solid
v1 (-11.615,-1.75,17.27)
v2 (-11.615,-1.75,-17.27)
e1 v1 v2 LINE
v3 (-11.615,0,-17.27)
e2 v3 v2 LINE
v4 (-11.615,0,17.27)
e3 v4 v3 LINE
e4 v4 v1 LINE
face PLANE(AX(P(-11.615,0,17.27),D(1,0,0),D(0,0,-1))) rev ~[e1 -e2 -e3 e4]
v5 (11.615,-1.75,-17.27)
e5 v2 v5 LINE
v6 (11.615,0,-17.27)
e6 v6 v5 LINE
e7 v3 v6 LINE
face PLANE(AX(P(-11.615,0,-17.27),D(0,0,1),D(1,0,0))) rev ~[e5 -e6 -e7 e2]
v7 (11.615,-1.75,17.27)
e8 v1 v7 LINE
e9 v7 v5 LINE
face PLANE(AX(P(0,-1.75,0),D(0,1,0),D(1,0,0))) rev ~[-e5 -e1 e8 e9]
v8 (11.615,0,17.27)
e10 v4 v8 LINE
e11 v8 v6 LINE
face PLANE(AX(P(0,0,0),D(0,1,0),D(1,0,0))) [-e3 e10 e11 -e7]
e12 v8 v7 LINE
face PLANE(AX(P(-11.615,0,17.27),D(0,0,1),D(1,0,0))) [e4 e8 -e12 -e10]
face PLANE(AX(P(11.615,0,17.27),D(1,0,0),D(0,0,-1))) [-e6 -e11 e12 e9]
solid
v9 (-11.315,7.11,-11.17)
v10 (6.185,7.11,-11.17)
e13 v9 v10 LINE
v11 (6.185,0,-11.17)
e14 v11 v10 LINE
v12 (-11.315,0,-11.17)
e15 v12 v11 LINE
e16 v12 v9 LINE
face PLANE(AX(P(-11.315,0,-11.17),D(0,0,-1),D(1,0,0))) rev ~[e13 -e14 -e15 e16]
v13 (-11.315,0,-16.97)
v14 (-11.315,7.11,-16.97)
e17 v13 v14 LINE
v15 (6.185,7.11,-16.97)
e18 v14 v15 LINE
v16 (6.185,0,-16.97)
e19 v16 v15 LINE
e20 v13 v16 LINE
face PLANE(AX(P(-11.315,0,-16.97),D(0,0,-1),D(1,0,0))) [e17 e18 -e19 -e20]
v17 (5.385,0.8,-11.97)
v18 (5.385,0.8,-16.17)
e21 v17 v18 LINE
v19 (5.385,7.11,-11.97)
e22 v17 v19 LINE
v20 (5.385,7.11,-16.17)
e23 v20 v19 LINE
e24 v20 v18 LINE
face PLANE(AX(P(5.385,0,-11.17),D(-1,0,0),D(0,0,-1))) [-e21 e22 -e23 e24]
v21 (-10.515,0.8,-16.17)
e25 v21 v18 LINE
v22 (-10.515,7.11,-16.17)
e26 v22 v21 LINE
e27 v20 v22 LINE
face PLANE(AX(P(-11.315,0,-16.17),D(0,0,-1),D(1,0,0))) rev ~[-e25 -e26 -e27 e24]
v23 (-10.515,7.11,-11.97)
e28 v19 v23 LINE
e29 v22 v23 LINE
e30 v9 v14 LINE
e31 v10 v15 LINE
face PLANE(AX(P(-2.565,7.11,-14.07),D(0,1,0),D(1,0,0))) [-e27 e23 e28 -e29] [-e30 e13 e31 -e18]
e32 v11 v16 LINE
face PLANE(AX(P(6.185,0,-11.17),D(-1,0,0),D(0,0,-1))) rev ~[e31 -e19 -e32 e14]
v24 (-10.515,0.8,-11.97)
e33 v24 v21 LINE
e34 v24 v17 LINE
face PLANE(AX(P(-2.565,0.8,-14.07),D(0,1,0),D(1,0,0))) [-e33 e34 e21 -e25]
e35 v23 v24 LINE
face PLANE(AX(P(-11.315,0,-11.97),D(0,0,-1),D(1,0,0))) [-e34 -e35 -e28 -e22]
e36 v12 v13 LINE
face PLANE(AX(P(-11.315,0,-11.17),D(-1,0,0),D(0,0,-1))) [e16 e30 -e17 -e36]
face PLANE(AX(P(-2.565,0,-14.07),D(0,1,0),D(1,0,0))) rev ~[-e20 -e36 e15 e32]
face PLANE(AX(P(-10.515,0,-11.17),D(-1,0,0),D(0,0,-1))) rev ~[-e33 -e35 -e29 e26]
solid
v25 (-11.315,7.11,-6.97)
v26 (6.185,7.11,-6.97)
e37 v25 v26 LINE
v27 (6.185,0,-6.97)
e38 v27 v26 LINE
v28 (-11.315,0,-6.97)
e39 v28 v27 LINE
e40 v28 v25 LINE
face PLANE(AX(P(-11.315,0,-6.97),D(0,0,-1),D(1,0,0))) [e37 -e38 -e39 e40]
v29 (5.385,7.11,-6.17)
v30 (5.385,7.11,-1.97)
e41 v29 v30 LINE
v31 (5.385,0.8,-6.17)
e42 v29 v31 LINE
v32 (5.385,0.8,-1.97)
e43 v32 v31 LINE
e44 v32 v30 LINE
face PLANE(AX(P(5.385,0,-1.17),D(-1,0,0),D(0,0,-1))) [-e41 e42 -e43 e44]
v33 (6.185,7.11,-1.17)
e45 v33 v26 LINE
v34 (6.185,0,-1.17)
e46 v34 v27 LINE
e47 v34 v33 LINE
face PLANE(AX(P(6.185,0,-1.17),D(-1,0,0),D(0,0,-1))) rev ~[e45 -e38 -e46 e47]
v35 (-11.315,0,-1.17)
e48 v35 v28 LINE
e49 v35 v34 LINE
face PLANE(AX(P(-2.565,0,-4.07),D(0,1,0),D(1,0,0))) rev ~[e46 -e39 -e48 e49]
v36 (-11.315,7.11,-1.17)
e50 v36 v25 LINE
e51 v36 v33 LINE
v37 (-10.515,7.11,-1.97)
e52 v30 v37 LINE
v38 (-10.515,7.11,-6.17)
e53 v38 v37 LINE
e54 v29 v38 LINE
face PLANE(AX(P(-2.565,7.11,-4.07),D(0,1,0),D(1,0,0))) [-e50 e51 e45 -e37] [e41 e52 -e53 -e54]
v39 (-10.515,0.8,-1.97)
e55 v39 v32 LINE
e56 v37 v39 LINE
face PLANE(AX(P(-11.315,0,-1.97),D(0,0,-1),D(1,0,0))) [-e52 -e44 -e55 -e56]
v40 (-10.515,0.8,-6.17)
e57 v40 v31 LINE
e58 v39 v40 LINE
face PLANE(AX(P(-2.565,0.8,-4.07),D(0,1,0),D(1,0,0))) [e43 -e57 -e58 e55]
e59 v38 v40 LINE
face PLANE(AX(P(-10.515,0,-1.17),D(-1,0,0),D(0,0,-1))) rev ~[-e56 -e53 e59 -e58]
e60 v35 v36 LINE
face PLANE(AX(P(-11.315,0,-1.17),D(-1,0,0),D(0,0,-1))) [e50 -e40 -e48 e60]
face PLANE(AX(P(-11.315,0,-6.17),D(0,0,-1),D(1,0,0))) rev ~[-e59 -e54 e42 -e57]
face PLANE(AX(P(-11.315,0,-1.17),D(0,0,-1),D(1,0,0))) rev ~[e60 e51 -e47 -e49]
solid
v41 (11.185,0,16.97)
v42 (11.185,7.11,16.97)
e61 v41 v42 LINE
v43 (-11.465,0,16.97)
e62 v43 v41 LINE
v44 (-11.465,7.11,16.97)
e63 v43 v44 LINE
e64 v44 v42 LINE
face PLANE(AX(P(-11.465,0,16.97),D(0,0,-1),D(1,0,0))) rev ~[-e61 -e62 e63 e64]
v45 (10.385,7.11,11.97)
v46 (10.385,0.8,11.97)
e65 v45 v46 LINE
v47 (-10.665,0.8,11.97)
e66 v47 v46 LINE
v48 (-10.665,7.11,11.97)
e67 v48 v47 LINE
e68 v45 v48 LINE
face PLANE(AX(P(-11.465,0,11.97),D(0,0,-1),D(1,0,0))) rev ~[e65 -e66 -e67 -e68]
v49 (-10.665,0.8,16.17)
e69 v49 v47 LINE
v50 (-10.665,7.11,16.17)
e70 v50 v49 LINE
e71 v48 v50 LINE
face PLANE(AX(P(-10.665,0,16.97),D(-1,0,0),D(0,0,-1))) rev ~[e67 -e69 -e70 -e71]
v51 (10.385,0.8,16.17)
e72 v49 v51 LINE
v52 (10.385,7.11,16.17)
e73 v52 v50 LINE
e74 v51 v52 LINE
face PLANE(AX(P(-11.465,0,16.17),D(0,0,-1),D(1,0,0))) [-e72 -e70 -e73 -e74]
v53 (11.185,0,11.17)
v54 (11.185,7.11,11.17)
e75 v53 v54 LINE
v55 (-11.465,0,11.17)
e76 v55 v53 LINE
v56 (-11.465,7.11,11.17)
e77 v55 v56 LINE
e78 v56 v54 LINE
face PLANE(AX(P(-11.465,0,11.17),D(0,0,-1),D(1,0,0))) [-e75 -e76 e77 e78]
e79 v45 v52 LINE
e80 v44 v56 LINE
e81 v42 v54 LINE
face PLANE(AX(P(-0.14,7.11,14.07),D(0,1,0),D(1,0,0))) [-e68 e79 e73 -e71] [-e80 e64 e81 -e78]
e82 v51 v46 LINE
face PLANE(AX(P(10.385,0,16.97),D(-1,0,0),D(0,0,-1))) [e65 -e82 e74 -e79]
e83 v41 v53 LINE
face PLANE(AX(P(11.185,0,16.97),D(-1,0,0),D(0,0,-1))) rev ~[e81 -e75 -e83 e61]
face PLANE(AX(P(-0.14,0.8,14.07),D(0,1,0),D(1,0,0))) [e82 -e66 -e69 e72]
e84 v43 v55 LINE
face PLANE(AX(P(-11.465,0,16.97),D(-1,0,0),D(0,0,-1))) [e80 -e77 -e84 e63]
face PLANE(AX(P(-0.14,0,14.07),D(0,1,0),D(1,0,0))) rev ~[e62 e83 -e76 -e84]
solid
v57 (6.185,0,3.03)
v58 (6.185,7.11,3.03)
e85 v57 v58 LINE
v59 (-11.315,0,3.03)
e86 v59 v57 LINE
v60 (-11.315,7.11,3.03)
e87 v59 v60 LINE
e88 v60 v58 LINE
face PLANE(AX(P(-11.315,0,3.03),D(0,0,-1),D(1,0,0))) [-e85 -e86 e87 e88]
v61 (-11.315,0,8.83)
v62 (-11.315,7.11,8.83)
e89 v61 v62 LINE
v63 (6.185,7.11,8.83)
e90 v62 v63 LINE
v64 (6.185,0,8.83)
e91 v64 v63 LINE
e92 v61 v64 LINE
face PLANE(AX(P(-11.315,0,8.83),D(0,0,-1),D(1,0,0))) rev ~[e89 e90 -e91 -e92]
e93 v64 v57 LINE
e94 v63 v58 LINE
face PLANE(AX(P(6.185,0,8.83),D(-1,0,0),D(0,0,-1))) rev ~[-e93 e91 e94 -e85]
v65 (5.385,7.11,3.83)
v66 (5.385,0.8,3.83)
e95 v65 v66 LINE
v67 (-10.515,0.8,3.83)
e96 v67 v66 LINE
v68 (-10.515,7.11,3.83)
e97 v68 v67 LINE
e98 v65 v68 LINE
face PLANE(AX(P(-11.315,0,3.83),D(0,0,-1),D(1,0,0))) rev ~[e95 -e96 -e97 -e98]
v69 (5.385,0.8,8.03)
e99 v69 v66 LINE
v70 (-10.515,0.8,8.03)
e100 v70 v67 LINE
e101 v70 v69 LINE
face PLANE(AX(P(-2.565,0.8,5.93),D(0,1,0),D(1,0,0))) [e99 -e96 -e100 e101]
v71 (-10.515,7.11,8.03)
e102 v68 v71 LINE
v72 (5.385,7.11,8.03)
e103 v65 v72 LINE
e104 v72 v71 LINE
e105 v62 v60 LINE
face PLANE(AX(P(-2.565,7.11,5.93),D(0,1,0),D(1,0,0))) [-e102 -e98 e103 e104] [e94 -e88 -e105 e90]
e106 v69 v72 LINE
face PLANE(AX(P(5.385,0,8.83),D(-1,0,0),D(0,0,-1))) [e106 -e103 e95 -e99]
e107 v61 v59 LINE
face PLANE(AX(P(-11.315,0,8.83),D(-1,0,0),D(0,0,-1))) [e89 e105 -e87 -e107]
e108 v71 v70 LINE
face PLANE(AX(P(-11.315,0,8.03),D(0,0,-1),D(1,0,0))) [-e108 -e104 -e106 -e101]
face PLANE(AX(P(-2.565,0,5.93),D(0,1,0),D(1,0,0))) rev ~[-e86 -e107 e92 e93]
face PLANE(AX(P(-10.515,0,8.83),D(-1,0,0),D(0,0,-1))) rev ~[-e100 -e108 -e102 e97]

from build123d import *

# Parameters (mm, degrees)
SKETCH2_W           = 23.23
SKETCH2_H           = 34.54
BOSS_EXTRUDE1_DEPTH = 1.75
SKETCH3_W           = 17.5
SKETCH3_H           = 5.8
BOSS_EXTRUDE2_DEPTH = 7.11
SHELL2_T            = -0.8
LPATTERN1_COUNT     = 3
LPATTERN1_PITCH     = 10
SKETCH4_W           = 22.65
SKETCH4_H           = 5.8
BOSS_EXTRUDE3_DEPTH = 7.11
SHELL3_T            = -0.8
SHELL4_T            = -0.8
SHELL5_T            = -0.8


with BuildPart() as part:
    # Sketch2 → Boss-Extrude1 (new body)
    with BuildSketch(Plane(origin=(0, 0, 0), x_dir=(1, 0, 0), z_dir=(0, 1, 0))):
        Rectangle(SKETCH2_W, SKETCH2_H)
    extrude(amount=-BOSS_EXTRUDE1_DEPTH)


with BuildPart() as body_2:
    # Sketch3 → Boss-Extrude2 (new body)
    with BuildSketch(Plane(origin=(0, 0, 0), x_dir=(1, 0, 0), z_dir=(0, 1, 0))):
        with Locations((-2.565, 14.07)):
            Rectangle(SKETCH3_W, SKETCH3_H)
    boss_extrude2 = extrude(amount=BOSS_EXTRUDE2_DEPTH)

    # Shell2
    shell2_openings = [body_2.faces().sort_by_distance(p)[0] for p in [
        (-2.565, 7.11, -14.07),
    ]]
    offset(amount=SHELL2_T, openings=shell2_openings, kind=Kind.INTERSECTION)


with BuildPart() as lpattern1_1:
    # LPattern1: pattern copy
    add(boss_extrude2.moved(Location(Vector(0, 0, 1) * (1 * LPATTERN1_PITCH))))

    # Shell3
    shell3_openings = [lpattern1_1.faces().sort_by_distance(p)[0] for p in [
        (-2.565, 7.11, -4.07),
    ]]
    offset(amount=SHELL3_T, openings=shell3_openings, kind=Kind.INTERSECTION)


with BuildPart() as lpattern1_2:
    # LPattern1: pattern copy
    add(boss_extrude2.moved(Location(Vector(0, 0, 1) * (2 * LPATTERN1_PITCH))))

    # Shell4
    shell4_openings = [lpattern1_2.faces().sort_by_distance(p)[0] for p in [
        (-2.565, 7.11, 5.93),
    ]]
    offset(amount=SHELL4_T, openings=shell4_openings, kind=Kind.INTERSECTION)


with BuildPart() as body_5:
    # Sketch4 → Boss-Extrude3 (new body)
    with BuildSketch(Plane(origin=(0, 0, 0), x_dir=(1, 0, 0), z_dir=(0, 1, 0))):
        with Locations((-0.14, -14.07)):
            Rectangle(SKETCH4_W, SKETCH4_H)
    extrude(amount=BOSS_EXTRUDE3_DEPTH)

    # Shell5
    shell5_openings = [body_5.faces().sort_by_distance(p)[0] for p in [
        (-0.14, 7.11, 14.07),
    ]]
    offset(amount=SHELL5_T, openings=shell5_openings, kind=Kind.INTERSECTION)


solid = Compound([part.part, body_2.part, lpattern1_1.part, lpattern1_2.part, body_5.part])
